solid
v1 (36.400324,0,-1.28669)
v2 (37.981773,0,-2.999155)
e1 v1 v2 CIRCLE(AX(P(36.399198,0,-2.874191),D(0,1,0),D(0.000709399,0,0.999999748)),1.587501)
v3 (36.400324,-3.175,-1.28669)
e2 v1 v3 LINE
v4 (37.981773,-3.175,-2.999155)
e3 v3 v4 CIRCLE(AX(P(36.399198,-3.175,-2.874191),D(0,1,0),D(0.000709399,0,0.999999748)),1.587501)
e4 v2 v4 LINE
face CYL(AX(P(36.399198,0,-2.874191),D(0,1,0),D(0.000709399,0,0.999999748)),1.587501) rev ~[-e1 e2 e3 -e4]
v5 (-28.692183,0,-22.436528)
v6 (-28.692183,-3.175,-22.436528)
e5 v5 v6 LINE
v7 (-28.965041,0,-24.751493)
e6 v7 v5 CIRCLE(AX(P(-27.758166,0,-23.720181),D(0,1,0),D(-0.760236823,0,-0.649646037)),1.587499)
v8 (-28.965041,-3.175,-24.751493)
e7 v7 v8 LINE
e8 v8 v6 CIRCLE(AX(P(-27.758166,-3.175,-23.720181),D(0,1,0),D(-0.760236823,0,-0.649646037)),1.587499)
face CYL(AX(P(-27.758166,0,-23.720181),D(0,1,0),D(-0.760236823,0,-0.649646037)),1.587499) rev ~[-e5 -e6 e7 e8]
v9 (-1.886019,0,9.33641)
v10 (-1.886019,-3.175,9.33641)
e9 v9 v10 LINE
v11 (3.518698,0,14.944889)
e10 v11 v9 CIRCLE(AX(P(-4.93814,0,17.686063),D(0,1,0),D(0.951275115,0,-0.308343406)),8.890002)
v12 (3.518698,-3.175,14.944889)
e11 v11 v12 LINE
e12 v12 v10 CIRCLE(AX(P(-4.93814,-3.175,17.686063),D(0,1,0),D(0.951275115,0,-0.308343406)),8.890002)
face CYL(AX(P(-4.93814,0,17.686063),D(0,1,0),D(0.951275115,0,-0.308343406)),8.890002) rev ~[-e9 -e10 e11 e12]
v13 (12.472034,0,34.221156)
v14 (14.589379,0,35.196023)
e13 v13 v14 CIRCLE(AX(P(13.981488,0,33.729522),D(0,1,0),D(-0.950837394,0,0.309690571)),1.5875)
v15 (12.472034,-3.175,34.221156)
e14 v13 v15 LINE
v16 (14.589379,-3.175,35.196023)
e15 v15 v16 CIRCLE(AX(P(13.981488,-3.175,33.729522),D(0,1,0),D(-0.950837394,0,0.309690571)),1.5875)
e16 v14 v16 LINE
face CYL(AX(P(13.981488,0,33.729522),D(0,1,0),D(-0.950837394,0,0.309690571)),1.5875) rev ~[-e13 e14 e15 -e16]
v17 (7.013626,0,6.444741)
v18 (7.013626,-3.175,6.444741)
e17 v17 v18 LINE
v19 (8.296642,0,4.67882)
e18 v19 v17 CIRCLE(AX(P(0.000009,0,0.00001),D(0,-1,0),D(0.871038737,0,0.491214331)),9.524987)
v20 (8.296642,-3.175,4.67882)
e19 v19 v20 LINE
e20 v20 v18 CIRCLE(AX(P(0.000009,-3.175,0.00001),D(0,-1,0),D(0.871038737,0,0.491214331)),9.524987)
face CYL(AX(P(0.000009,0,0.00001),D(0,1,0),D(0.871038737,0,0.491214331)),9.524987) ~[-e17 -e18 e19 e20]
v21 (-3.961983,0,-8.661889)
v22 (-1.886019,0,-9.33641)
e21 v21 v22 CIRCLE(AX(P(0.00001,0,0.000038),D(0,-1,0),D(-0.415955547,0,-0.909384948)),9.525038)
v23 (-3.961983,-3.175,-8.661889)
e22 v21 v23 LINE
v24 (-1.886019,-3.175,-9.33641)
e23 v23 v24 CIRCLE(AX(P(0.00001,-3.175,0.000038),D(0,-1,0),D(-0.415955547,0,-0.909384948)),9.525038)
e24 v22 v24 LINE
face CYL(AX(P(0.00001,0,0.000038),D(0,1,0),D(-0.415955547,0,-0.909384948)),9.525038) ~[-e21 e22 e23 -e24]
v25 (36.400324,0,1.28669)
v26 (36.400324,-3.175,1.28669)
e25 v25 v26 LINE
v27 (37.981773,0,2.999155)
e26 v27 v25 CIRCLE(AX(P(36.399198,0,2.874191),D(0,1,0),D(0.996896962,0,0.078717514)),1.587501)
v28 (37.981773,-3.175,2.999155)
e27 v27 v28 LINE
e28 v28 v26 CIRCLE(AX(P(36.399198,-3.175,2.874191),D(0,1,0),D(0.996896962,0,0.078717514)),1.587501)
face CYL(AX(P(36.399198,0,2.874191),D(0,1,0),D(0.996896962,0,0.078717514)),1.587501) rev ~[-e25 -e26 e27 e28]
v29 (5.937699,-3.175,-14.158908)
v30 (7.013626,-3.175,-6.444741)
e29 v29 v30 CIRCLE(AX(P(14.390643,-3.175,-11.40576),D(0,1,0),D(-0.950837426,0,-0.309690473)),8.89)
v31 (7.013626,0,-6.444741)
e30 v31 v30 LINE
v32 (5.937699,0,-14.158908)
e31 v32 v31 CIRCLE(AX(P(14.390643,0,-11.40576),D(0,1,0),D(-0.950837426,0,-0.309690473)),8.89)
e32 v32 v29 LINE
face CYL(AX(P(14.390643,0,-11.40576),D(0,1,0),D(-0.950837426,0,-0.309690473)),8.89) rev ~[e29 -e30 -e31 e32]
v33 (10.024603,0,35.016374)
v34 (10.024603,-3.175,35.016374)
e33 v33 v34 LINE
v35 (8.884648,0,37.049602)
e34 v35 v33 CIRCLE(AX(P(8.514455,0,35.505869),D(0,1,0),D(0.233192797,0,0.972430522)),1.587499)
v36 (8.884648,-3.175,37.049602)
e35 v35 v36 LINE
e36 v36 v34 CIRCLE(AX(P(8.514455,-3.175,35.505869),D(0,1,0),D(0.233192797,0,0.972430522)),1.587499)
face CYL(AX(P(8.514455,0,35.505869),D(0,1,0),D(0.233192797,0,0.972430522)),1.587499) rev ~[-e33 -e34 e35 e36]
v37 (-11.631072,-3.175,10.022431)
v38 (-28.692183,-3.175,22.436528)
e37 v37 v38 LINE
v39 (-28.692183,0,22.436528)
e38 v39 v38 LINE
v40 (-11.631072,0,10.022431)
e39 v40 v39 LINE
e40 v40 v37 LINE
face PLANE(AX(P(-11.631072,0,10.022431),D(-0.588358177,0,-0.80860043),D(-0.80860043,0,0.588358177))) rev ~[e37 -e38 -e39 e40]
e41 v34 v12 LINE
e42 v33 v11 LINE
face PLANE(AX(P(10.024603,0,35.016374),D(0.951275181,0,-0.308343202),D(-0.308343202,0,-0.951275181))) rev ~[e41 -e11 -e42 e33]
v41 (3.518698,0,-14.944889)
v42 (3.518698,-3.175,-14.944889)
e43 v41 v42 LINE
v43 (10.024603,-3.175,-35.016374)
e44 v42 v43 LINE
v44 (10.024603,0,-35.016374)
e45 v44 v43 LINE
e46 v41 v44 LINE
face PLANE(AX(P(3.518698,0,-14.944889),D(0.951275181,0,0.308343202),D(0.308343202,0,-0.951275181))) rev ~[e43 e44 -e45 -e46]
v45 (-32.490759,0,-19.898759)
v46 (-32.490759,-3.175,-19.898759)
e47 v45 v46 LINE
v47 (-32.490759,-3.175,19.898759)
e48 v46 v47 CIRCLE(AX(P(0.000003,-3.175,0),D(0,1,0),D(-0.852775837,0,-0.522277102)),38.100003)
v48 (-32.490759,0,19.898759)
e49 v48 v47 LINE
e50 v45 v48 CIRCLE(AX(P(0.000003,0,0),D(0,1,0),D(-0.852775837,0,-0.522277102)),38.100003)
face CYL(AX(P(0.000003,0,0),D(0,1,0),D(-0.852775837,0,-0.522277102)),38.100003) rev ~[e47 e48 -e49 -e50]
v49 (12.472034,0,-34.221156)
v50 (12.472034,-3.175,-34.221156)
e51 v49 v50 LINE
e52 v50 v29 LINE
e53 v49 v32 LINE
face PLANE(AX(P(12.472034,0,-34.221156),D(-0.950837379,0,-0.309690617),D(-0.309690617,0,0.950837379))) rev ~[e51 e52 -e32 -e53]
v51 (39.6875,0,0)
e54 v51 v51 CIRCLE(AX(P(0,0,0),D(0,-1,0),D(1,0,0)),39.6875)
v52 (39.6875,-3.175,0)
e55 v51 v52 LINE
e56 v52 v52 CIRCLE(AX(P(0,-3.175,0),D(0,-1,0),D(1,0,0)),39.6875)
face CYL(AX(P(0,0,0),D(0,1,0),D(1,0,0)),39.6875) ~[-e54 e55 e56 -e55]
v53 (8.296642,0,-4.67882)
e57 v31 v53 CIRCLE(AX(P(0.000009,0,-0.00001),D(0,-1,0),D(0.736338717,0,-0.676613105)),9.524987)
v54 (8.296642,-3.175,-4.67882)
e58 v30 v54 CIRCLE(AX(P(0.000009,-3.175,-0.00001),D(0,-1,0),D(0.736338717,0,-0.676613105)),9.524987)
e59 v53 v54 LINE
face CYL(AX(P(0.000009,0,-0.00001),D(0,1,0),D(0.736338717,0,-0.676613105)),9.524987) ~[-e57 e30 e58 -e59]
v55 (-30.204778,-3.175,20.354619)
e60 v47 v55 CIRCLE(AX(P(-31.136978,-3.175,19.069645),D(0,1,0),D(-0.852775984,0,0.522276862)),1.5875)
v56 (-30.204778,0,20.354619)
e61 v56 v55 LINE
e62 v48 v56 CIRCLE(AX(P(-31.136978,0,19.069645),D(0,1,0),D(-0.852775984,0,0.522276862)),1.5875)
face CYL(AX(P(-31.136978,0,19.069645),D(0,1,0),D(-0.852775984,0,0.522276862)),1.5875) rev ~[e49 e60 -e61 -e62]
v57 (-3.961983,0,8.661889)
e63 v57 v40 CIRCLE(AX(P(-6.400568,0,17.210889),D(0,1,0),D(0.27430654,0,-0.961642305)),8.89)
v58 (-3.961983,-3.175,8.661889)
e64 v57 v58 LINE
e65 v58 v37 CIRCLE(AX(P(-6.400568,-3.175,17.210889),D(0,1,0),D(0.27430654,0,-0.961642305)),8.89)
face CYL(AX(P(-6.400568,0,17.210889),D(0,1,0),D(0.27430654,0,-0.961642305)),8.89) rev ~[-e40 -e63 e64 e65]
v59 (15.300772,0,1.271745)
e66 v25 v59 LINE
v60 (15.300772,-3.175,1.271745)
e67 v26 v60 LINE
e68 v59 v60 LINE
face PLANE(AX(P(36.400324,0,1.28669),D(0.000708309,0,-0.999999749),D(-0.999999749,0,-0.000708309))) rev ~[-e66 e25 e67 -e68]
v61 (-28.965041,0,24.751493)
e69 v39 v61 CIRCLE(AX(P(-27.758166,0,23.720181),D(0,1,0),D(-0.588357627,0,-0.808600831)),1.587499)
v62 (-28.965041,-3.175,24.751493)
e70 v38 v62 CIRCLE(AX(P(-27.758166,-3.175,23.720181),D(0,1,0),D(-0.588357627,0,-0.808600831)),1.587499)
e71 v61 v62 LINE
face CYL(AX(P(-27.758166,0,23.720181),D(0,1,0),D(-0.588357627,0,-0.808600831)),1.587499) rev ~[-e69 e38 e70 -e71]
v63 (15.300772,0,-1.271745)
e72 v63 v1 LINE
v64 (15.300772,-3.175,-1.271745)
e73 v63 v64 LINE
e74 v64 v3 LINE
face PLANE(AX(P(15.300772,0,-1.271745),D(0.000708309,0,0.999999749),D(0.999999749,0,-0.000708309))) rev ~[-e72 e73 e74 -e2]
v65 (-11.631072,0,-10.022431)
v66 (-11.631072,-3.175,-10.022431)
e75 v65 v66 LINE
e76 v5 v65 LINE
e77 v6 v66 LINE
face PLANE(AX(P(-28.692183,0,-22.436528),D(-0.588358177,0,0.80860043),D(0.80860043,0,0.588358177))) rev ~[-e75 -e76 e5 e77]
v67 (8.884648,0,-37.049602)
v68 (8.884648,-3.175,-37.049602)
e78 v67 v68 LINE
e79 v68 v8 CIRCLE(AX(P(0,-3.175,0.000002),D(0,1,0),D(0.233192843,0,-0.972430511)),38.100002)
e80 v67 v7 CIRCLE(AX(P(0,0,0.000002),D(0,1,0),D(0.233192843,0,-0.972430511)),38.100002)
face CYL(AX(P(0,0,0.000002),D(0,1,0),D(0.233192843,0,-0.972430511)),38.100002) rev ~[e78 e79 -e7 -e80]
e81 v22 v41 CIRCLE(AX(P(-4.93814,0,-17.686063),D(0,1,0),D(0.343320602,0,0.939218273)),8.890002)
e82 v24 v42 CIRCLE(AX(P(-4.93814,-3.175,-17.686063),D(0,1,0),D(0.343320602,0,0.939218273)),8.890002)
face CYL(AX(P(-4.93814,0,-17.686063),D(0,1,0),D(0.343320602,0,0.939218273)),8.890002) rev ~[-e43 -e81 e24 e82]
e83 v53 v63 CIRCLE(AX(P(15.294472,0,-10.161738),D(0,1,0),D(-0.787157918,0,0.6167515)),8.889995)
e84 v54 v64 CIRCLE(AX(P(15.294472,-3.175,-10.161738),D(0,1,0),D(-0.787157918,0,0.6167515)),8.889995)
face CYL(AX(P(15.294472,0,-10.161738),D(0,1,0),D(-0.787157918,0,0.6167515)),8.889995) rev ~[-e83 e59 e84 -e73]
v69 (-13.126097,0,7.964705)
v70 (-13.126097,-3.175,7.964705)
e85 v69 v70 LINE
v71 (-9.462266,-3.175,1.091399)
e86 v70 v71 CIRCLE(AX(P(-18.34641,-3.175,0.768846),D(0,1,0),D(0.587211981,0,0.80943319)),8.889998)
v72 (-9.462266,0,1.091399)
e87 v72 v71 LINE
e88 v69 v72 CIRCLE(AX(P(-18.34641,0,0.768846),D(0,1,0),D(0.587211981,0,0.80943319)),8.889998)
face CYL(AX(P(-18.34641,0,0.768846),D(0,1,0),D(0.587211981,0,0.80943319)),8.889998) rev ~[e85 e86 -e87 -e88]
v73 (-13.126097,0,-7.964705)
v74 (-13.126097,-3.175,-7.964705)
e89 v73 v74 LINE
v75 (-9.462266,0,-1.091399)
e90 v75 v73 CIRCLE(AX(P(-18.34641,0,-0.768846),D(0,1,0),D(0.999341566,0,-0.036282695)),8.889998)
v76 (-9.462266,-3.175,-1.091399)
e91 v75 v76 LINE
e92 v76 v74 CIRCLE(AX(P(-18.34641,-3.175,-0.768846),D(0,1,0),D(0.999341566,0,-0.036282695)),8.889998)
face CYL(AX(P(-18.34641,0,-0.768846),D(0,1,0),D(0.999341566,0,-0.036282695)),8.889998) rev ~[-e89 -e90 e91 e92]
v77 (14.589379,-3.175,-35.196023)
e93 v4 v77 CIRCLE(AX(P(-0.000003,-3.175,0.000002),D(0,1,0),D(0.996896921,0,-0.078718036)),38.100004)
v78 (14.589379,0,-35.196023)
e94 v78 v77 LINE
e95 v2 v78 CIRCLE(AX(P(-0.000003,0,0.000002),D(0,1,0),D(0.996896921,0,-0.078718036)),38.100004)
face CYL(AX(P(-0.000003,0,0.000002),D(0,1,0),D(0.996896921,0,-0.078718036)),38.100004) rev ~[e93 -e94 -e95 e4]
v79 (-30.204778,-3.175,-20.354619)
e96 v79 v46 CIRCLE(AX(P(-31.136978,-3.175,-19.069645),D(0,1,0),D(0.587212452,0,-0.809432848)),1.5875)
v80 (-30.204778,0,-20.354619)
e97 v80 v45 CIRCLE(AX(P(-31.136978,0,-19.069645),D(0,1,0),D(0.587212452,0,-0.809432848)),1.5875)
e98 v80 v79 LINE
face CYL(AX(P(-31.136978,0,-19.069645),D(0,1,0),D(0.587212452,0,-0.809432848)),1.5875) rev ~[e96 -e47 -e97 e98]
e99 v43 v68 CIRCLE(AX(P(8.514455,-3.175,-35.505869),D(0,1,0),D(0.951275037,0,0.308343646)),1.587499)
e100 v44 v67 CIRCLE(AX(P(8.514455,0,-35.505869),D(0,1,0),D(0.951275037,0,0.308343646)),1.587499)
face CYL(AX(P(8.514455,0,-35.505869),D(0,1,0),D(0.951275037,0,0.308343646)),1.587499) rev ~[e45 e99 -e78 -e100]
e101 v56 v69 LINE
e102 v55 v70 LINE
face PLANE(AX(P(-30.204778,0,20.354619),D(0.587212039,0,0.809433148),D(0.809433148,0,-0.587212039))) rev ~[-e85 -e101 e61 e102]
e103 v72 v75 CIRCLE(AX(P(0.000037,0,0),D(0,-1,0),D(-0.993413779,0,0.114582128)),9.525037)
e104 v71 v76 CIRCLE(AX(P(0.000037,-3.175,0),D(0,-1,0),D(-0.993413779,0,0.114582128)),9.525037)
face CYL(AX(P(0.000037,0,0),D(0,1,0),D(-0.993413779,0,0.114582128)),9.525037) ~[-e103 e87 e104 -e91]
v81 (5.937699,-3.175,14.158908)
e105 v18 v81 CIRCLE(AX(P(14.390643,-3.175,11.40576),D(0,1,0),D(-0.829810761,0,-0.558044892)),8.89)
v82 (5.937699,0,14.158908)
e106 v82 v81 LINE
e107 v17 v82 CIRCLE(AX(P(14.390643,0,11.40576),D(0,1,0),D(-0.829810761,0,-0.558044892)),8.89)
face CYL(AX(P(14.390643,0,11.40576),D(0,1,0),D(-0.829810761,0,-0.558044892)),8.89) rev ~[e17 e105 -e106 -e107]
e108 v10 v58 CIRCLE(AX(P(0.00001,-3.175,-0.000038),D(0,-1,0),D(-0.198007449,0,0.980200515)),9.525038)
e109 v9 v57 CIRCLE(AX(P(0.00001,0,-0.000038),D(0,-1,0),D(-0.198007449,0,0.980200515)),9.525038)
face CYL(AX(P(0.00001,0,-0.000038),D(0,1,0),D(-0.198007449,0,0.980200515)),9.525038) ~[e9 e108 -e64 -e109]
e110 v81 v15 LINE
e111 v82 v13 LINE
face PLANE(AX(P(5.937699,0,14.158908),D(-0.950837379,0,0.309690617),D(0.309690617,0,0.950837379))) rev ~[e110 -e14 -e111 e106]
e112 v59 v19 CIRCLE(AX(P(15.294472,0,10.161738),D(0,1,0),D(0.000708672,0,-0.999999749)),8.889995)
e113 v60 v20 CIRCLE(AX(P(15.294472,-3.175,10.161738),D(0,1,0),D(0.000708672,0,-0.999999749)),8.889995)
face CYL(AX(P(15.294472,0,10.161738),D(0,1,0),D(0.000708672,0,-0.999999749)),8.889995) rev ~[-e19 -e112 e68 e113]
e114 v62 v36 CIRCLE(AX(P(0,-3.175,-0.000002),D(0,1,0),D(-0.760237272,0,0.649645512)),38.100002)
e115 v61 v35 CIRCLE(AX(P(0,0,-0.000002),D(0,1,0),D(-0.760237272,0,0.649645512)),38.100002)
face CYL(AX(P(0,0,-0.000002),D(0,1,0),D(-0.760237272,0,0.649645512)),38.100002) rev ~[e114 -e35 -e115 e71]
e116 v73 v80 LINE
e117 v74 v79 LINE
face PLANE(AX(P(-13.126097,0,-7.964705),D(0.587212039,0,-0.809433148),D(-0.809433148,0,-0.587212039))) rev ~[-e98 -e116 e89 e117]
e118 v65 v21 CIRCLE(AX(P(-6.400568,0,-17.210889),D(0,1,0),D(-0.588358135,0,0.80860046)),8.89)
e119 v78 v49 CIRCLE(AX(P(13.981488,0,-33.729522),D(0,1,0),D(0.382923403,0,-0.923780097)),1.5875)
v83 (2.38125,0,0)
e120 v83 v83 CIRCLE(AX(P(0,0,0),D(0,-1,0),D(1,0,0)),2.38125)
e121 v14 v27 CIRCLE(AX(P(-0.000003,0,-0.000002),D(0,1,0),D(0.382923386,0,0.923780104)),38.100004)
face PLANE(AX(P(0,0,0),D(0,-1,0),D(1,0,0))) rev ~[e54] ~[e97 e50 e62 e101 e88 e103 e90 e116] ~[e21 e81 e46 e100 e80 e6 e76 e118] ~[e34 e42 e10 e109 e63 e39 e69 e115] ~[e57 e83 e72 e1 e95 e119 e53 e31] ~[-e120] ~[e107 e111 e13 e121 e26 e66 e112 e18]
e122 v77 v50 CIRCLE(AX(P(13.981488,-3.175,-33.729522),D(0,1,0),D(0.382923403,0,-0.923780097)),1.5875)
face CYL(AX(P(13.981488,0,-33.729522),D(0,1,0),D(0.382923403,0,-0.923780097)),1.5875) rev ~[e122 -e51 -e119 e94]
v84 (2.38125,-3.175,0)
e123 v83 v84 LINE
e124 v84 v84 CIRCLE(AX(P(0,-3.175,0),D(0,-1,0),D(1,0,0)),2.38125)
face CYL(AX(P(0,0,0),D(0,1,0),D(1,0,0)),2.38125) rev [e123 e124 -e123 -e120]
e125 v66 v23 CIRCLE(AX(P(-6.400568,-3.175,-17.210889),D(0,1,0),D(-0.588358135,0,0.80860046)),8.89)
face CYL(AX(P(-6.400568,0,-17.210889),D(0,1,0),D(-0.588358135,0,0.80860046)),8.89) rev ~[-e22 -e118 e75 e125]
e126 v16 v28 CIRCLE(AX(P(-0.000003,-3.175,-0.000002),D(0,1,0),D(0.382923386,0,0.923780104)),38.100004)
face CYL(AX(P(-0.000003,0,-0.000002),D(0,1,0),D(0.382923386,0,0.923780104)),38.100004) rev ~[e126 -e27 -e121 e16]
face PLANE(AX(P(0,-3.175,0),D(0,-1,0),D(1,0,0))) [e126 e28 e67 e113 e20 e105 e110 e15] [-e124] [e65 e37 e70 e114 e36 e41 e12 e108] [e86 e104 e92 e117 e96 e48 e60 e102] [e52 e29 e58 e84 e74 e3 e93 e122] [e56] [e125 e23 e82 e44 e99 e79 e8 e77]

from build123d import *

# Parameters (mm, degrees)
F0_R     = 39.6875
F0_R_2   = 2.38125
F1_DEPTH = 3.175


with BuildPart() as f1:
    # F0 (on Front) → F1 (new body)
    with BuildSketch(Plane.XZ):
        Circle(F0_R)
        with BuildLine():
            Line((-28.692183, -22.436528), (-11.631072, -10.022431))
            ThreePointArc((-11.631072, -10.022431), (-7.953459, -8.457568), (-3.961983, -8.661889))
            ThreePointArc((-3.961983, -8.661889), (-2.943387, -9.058813), (-1.886019, -9.33641))
            ThreePointArc((-1.886019, -9.33641), (1.46325, -11.517242), (3.518698, -14.944889))
            Line((3.518698, -14.944889), (10.024603, -35.016374))
            ThreePointArc((10.024603, -35.016374), (9.899166, -36.282225), (8.884648, -37.049602))
            ThreePointArc((8.884648, -37.049602), (-11.773547, -36.235253), (-28.965041, -24.751493))
            ThreePointArc((-28.965041, -24.751493), (-29.334751, -23.534353), (-28.692183, -22.436528))
        make_face(mode=Mode.SUBTRACT)
        with BuildLine():
            ThreePointArc((8.296642, -4.67882), (11.405717, -2.16739), (15.300772, -1.271745))
            Line((15.300772, -1.271745), (36.400324, -1.28669))
            ThreePointArc((36.400324, -1.28669), (37.565457, -1.797158), (37.981773, -2.999155))
            ThreePointArc((37.981773, -2.999155), (30.823547, -22.394618), (14.589379, -35.196023))
            ThreePointArc((14.589379, -35.196023), (13.317564, -35.171521), (12.472034, -34.221156))
            Line((12.472034, -34.221156), (5.937699, -14.158908))
            ThreePointArc((5.937699, -14.158908), (5.585871, -10.177722), (7.013626, -6.444741))
            ThreePointArc((7.013626, -6.444741), (7.705887, -5.598655), (8.296642, -4.67882))
        make_face(mode=Mode.SUBTRACT)
        with BuildLine():
            Line((-30.204778, 20.354619), (-13.126097, 7.964705))
            ThreePointArc((-13.126097, 7.964705), (-10.501379, 4.950657), (-9.462266, 1.091399))
            ThreePointArc((-9.462266, 1.091399), (-9.525, 0), (-9.462266, -1.091399))
            ThreePointArc((-9.462266, -1.091399), (-10.501379, -4.950657), (-13.126097, -7.964705))
            Line((-13.126097, -7.964705), (-30.204778, -20.354619))
            ThreePointArc((-30.204778, -20.354619), (-31.447436, -20.626491), (-32.490759, -19.898759))
            ThreePointArc((-32.490759, -19.898759), (-38.1, 0), (-32.490759, 19.898759))
            ThreePointArc((-32.490759, 19.898759), (-31.447436, 20.626491), (-30.204778, 20.354619))
        make_face(mode=Mode.SUBTRACT)
        with BuildLine():
            Line((10.024603, 35.016374), (3.518698, 14.944889))
            ThreePointArc((3.518698, 14.944889), (1.46325, 11.517242), (-1.886019, 9.33641))
            ThreePointArc((-1.886019, 9.33641), (-2.943387, 9.058813), (-3.961983, 8.661889))
            ThreePointArc((-3.961983, 8.661889), (-7.953459, 8.457568), (-11.631072, 10.022431))
            Line((-11.631072, 10.022431), (-28.692183, 22.436528))
            ThreePointArc((-28.692183, 22.436528), (-29.334751, 23.534353), (-28.965041, 24.751493))
            ThreePointArc((-28.965041, 24.751493), (-11.773547, 36.235253), (8.884648, 37.049602))
            ThreePointArc((8.884648, 37.049602), (9.899166, 36.282225), (10.024603, 35.016374))
        make_face(mode=Mode.SUBTRACT)
        Circle(F0_R_2, mode=Mode.SUBTRACT)
        with BuildLine():
            ThreePointArc((14.589379, 35.196023), (30.823547, 22.394618), (37.981773, 2.999155))
            ThreePointArc((37.981773, 2.999155), (37.565457, 1.797158), (36.400324, 1.28669))
            Line((36.400324, 1.28669), (15.300772, 1.271745))
            ThreePointArc((15.300772, 1.271745), (11.405717, 2.16739), (8.296642, 4.67882))
            ThreePointArc((8.296642, 4.67882), (7.705887, 5.598655), (7.013626, 6.444741))
            ThreePointArc((7.013626, 6.444741), (5.585871, 10.177722), (5.937699, 14.158908))
            Line((5.937699, 14.158908), (12.472034, 34.221156))
            ThreePointArc((12.472034, 34.221156), (13.317564, 35.171521), (14.589379, 35.196023))
        make_face(mode=Mode.SUBTRACT)
    extrude(amount=F1_DEPTH)


solid = f1.part
